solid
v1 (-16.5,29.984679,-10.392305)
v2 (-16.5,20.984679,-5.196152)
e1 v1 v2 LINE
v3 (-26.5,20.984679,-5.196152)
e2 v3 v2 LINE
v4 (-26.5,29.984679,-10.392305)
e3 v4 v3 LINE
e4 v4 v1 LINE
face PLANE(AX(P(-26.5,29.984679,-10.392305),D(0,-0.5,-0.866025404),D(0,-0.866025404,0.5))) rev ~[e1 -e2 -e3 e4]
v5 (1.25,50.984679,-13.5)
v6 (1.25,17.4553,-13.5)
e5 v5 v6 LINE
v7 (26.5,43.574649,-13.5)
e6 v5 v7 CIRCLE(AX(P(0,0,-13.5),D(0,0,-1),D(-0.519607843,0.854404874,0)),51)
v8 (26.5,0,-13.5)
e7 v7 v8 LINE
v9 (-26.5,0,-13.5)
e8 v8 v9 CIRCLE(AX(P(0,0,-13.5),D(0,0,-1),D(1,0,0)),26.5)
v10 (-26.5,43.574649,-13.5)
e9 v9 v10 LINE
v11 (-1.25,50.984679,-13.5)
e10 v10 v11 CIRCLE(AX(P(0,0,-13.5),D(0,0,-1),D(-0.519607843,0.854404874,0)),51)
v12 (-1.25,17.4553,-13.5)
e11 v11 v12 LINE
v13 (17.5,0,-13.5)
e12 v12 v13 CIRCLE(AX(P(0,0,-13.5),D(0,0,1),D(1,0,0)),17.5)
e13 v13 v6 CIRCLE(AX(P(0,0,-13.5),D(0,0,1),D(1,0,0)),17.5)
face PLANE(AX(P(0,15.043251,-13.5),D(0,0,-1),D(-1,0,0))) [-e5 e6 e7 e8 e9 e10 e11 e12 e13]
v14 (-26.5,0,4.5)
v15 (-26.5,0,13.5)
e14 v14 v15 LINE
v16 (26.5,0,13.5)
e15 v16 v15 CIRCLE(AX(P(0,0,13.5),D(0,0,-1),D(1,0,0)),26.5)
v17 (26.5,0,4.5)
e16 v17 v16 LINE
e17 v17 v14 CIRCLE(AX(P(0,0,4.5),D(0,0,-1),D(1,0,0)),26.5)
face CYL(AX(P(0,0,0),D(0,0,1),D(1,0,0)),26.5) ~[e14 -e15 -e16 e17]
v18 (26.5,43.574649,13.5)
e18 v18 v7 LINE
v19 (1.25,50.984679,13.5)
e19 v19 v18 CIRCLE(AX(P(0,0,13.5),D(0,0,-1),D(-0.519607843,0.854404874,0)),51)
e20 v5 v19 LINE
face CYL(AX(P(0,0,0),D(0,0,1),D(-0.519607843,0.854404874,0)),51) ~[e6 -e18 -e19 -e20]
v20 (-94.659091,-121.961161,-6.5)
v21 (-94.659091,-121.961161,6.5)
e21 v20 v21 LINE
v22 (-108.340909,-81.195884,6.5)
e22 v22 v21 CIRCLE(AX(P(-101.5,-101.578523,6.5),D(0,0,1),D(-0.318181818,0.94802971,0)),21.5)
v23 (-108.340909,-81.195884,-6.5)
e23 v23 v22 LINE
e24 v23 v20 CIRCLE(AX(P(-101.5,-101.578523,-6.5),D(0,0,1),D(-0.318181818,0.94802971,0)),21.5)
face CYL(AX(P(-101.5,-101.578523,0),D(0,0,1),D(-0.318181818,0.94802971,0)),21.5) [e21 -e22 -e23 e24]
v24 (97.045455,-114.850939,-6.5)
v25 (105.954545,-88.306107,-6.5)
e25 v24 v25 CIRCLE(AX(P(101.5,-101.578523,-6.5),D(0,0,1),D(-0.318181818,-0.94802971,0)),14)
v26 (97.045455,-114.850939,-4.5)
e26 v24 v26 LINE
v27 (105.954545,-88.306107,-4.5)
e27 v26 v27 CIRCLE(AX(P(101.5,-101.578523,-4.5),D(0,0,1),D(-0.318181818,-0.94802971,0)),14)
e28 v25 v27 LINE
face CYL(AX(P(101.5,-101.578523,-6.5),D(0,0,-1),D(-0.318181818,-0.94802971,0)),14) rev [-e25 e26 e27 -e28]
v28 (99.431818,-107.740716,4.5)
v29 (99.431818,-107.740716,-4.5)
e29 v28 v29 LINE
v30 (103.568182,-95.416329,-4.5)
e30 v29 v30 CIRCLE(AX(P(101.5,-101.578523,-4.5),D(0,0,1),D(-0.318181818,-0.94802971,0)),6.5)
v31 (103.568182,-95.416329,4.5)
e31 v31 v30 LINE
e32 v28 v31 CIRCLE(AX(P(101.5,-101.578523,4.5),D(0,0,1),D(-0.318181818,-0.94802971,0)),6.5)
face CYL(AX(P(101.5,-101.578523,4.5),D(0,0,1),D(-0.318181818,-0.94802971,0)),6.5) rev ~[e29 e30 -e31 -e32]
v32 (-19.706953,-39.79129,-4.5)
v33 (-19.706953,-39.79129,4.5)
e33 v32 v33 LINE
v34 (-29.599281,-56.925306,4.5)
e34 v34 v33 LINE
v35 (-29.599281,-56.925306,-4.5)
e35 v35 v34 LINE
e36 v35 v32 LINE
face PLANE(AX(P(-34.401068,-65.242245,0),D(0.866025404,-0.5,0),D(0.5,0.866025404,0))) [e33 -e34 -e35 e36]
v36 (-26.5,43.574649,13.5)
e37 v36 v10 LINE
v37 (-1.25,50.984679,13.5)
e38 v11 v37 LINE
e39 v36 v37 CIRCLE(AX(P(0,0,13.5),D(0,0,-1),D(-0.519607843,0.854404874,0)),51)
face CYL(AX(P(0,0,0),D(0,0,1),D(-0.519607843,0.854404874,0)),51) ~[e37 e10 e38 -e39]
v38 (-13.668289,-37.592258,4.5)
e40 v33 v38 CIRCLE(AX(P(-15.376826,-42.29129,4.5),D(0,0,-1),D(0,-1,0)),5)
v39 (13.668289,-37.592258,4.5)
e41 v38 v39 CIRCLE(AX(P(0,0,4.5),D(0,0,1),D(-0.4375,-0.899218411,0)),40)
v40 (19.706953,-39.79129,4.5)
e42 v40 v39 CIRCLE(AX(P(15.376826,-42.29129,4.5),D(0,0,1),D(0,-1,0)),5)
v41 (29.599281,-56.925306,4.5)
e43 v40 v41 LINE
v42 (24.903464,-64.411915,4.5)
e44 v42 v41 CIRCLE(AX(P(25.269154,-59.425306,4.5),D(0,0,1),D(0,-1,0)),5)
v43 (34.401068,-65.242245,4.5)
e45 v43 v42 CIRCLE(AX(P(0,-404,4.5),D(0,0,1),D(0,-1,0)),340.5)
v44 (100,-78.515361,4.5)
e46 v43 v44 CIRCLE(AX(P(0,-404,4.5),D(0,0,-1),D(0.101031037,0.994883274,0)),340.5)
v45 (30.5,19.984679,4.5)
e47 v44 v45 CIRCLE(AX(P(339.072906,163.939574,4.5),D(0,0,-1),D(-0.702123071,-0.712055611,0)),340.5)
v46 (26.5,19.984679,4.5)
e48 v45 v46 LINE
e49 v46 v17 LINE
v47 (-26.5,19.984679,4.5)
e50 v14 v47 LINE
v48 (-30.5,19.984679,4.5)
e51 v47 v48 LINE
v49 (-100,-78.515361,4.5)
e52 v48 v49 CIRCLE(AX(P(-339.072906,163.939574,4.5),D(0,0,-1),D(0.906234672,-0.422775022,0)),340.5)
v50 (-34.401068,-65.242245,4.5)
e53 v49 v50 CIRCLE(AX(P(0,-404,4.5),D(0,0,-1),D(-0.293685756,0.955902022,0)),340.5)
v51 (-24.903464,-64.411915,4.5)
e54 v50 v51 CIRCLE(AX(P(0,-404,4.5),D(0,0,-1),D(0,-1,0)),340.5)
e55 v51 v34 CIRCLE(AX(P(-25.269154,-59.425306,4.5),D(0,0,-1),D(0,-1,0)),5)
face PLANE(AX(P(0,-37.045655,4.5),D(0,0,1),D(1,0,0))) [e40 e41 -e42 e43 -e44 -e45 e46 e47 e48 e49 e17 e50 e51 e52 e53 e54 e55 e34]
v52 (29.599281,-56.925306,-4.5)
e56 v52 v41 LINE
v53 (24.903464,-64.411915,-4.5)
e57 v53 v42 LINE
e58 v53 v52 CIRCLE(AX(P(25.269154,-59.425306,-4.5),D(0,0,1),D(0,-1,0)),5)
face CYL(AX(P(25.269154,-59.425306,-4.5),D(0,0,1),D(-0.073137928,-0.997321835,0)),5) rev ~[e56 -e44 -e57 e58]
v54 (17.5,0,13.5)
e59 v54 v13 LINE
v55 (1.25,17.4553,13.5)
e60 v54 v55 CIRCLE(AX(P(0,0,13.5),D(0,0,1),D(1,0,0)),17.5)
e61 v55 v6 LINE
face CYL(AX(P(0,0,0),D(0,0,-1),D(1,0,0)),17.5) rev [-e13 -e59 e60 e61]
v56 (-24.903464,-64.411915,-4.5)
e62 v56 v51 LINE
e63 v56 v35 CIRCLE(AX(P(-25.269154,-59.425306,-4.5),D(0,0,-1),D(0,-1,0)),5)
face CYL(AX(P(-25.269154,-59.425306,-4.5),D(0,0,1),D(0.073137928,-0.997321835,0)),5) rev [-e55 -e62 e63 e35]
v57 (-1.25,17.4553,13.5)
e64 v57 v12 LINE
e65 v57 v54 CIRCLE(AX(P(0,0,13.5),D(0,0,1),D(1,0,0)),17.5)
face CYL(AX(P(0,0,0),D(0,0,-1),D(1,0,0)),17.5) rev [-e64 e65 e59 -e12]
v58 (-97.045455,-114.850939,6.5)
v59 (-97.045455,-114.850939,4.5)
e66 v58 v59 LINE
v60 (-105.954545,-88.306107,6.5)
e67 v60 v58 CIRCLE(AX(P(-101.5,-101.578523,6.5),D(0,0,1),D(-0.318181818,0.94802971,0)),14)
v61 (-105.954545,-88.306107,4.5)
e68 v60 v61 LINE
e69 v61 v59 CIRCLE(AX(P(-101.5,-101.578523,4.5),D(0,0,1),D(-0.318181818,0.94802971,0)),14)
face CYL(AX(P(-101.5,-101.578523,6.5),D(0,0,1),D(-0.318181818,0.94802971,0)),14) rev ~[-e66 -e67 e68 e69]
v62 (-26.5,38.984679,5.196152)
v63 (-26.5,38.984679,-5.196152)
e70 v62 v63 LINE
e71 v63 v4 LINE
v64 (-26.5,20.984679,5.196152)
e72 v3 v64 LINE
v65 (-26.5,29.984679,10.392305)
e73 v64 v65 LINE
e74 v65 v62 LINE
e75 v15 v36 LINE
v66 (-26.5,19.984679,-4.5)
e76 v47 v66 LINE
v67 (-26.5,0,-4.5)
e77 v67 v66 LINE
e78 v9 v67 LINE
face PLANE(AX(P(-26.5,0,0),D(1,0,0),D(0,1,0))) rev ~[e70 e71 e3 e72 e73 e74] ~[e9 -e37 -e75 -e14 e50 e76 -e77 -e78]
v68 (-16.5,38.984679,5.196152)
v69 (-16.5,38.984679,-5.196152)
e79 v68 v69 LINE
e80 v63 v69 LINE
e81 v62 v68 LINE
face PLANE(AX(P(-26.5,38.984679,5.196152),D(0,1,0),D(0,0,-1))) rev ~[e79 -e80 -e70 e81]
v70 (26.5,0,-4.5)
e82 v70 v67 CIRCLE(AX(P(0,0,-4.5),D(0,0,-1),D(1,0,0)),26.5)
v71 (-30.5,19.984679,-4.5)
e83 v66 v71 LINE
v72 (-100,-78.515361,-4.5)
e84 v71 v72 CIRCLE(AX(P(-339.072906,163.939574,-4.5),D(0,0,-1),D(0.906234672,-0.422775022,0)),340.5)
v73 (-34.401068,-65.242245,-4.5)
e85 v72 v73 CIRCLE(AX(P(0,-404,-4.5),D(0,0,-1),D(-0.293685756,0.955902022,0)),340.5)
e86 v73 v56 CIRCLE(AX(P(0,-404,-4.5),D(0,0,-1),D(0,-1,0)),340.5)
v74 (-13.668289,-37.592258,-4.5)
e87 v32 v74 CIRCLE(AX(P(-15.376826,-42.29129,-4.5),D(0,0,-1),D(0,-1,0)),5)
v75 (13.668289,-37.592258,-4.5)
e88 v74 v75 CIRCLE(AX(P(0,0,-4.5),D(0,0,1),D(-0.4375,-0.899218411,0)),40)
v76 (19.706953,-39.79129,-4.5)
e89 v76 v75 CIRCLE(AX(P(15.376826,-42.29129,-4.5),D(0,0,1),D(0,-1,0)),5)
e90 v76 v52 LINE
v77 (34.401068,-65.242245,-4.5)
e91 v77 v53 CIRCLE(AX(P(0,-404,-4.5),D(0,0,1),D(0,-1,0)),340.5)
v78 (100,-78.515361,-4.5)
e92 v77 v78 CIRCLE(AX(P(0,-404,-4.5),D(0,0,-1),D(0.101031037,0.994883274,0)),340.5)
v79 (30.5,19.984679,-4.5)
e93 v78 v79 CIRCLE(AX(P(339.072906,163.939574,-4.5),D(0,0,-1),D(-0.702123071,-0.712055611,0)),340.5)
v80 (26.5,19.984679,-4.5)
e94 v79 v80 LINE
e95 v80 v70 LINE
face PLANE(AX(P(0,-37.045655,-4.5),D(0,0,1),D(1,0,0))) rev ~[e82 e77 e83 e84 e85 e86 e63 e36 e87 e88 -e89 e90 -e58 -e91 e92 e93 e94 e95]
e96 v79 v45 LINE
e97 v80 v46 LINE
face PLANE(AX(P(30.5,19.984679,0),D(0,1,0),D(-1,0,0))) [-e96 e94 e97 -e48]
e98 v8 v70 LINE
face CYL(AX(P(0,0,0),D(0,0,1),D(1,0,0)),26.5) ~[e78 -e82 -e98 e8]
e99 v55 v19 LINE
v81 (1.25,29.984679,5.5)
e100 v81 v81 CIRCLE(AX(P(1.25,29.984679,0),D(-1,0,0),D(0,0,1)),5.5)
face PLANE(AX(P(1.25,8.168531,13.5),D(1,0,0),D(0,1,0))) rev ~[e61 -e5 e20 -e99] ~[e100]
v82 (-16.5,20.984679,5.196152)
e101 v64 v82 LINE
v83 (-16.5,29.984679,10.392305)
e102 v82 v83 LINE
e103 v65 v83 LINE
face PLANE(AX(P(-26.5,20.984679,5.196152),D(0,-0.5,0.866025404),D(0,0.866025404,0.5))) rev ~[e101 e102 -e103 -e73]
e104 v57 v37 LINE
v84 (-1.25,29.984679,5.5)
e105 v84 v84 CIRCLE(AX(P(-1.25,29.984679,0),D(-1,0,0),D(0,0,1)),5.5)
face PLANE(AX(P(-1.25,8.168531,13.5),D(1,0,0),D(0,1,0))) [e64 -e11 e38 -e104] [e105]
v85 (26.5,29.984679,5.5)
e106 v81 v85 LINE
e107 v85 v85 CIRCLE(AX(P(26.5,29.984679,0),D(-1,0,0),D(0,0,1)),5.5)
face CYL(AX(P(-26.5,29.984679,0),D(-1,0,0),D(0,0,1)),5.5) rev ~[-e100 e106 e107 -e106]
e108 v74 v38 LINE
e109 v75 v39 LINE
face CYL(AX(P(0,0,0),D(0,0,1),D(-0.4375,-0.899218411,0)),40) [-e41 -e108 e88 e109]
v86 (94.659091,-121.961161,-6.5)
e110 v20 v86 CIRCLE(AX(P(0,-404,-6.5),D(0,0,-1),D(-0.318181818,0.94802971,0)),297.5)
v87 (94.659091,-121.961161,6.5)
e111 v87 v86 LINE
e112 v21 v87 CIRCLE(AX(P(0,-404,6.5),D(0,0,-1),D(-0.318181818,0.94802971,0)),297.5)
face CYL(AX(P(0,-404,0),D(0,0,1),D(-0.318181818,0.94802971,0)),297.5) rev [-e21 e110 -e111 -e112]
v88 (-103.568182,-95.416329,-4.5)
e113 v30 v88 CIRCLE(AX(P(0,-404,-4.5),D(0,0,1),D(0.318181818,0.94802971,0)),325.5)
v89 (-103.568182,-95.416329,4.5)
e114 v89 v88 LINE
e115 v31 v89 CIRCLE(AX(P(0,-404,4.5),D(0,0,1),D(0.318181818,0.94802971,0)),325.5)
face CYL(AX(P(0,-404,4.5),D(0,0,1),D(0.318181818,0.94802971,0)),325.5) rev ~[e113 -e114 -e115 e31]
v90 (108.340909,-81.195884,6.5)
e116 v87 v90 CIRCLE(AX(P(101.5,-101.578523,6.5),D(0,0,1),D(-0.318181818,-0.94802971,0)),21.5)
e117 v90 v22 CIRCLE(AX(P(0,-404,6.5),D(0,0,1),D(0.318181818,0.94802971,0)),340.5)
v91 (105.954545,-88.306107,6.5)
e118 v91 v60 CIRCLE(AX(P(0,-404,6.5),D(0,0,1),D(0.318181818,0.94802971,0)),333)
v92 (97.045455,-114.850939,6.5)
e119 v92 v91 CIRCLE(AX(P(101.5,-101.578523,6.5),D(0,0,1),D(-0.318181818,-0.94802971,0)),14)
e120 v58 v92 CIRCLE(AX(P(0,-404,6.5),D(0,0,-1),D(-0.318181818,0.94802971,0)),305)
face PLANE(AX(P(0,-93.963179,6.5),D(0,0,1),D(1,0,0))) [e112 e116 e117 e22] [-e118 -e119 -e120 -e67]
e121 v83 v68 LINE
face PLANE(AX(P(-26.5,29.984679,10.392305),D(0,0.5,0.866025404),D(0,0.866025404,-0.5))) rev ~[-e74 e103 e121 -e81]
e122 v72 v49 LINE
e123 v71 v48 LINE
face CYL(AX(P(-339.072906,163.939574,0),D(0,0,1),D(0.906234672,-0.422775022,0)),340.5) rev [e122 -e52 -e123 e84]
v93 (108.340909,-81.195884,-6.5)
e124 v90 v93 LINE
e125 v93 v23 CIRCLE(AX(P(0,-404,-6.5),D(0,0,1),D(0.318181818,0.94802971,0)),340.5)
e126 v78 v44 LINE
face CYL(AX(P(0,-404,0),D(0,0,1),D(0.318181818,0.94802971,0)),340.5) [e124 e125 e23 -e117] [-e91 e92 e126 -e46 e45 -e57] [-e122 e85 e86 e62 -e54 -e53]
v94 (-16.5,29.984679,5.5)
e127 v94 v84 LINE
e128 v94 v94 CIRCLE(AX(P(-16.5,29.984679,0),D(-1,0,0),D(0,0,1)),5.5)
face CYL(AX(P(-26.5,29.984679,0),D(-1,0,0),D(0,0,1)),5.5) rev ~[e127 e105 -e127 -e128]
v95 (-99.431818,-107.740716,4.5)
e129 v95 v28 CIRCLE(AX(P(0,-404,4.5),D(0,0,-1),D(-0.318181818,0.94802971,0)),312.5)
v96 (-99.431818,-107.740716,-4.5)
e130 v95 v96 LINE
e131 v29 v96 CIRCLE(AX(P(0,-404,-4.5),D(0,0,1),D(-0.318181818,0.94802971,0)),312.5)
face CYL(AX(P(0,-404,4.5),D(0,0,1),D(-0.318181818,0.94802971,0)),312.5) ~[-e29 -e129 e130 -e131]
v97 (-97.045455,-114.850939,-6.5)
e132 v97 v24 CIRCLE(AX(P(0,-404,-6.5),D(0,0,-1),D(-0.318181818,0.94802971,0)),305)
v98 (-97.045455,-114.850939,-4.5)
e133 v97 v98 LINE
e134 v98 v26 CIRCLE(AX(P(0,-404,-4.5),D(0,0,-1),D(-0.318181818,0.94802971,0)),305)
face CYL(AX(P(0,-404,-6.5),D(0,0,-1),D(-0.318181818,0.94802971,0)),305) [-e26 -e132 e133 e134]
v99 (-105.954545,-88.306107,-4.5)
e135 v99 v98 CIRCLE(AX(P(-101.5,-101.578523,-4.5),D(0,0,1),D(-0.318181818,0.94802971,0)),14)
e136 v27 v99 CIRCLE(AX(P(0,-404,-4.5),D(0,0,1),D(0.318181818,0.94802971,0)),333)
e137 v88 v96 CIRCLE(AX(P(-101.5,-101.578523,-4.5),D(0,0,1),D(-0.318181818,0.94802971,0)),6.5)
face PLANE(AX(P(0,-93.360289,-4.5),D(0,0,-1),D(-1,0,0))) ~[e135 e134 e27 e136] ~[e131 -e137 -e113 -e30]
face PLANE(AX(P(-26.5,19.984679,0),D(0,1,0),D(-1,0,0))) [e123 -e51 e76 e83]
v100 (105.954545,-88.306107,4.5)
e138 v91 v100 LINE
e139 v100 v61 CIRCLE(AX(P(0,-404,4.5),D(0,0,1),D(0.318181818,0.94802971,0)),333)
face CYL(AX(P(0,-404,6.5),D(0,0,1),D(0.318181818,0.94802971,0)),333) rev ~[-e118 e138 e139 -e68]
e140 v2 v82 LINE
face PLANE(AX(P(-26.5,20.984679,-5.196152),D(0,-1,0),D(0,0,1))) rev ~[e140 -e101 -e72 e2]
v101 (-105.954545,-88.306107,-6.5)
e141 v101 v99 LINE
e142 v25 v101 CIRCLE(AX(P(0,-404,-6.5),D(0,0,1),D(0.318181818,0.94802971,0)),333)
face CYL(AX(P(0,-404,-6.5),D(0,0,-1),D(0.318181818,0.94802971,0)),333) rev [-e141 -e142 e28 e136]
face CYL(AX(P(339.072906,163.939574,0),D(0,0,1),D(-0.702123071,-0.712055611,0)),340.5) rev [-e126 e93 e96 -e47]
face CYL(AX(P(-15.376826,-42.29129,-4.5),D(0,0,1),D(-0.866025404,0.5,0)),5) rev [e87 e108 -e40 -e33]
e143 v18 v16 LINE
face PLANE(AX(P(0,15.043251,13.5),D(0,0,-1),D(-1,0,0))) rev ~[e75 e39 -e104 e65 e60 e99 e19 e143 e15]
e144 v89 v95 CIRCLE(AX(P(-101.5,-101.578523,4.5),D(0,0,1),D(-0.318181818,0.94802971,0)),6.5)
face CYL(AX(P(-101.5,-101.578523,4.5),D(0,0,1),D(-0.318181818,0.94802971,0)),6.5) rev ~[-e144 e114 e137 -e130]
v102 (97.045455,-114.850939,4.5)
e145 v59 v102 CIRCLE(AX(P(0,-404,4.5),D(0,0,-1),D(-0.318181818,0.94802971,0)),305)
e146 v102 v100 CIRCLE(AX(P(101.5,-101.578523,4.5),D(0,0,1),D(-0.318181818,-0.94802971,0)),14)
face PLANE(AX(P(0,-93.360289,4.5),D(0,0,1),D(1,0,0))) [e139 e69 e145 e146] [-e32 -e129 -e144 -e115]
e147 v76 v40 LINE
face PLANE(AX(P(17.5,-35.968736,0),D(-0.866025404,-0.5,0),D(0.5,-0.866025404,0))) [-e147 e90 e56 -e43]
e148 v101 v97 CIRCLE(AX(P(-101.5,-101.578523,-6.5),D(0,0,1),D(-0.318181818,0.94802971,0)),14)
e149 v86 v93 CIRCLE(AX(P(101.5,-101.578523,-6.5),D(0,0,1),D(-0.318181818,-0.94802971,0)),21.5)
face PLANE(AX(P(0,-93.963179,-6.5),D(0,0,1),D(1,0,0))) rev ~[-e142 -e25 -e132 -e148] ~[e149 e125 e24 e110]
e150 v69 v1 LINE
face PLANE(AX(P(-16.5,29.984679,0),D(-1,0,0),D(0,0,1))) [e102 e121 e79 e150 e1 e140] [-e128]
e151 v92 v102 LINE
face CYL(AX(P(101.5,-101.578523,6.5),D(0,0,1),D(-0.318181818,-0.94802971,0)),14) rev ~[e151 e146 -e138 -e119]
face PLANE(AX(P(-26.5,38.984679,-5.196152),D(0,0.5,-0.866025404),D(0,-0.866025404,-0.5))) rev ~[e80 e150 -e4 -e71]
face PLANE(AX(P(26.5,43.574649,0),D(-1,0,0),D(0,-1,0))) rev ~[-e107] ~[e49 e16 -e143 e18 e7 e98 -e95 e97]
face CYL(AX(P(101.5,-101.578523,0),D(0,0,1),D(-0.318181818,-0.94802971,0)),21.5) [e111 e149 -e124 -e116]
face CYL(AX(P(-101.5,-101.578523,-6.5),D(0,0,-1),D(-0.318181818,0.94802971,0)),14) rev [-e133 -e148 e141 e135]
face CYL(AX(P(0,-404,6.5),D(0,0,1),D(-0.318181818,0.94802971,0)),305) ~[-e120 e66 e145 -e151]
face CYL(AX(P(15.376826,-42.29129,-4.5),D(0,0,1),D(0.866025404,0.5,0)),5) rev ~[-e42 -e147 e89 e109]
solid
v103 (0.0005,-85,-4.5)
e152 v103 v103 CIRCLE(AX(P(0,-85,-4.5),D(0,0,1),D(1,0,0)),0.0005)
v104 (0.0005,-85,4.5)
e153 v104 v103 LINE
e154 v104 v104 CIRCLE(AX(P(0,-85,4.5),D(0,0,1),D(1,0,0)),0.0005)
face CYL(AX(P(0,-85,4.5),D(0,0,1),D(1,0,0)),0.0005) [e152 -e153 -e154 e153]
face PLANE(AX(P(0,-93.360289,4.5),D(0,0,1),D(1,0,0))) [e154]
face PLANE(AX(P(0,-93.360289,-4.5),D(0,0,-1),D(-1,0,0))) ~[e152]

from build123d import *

# Parameters (mm, degrees)
SKETCH_1_R          = 17.5
EXTRUDE_1_DEPTH     = 13.5
SKETCH_2_W          = 2.5
SKETCH_2_H          = 56.398475778
CUT_EXTRUDE_1_DEPTH = 64.5
SKETCH_3_R          = 5.5
CUT_EXTRUDE_2_DEPTH = 75.770900088
EXTRUDE_2_DEPTH     = 6.5
CUT_EXTRUDE_3_DEPTH = 2
SKETCH_6_R          = 0.0005
CUT_EXTRUDE_4_DEPTH = 175.932337555
EXTRUDE_3_DEPTH     = 4.5
FILLET_1_R          = 5
CUT_EXTRUDE_5_DEPTH = 10


with BuildPart() as part:
    # 草图1 → 凸台-拉伸1 (new, symmetric)
    with BuildSketch(Plane.XY):
        with BuildLine():
            Line((-26.5, 0), (-26.5, 43.574648593))
            ThreePointArc((-26.5, 43.574648593), (0, 51), (26.5, 43.574648593))
            Line((26.5, 43.574648593), (26.5, 0))
            ThreePointArc((26.5, 0), (0, -26.5), (-26.5, 0))
        make_face()
        Circle(SKETCH_1_R, mode=Mode.SUBTRACT)
    extrude(amount=EXTRUDE_1_DEPTH, both=True)

    # 草图2 → 切除-拉伸1 (cut, through all)
    with BuildSketch(Plane.XY.offset(13.5)):
        with Locations((0, 36.367769247)):
            Rectangle(SKETCH_2_W, SKETCH_2_H)
    extrude(amount=-CUT_EXTRUDE_1_DEPTH, mode=Mode.SUBTRACT)

    # 草图3 → 切除-拉伸2 (cut, through all)
    with BuildSketch(Plane.ZY.offset(26.5)):
        with Locations((0, 29.984679071)):
            Circle(SKETCH_3_R)
    extrude(amount=-CUT_EXTRUDE_2_DEPTH, mode=Mode.SUBTRACT)



with BuildPart() as body_2:
    # 草图4 → 凸台-拉伸2 (new, symmetric)
    with BuildSketch(Plane.XY):
        with BuildLine():
            ThreePointArc((108.340909091, -81.195883828), (0, -63.5), (-108.340909091, -81.195883828))
            ThreePointArc((-108.340909091, -81.195883828), (-121.88263876, -108.419431679), (-94.659090909, -121.961161348))
            ThreePointArc((-94.659090909, -121.961161348), (0, -106.5), (94.659090909, -121.961161348))
            ThreePointArc((94.659090909, -121.961161348), (121.88263876, -108.419431679), (108.340909091, -81.195883828))
        make_face()
    extrude(amount=EXTRUDE_2_DEPTH, both=True)

    # 草图5 → 切除-拉伸3 (cut)
    with BuildSketch(Plane.XY.offset(6.5)):
        with BuildLine():
            ThreePointArc((105.954545455, -88.306106652), (0, -71), (-105.954545455, -88.306106652))
            ThreePointArc((-105.954545455, -88.306106652), (-114.772415937, -106.033068043), (-97.045454545, -114.850938525))
            ThreePointArc((-97.045454545, -114.850938525), (0, -99), (97.045454545, -114.850938525))
            ThreePointArc((97.045454545, -114.850938525), (114.772415937, -106.033068043), (105.954545455, -88.306106652))
        make_face()
    cut_extrude_3 = extrude(amount=-CUT_EXTRUDE_3_DEPTH, mode=Mode.SUBTRACT)

    # 镜向1: 切除-拉伸3 across plane
    add(cut_extrude_3.mirror(Plane.XY), mode=Mode.SUBTRACT)

    # 草图6 → 切除-拉伸4 (cut, through all)
    with BuildSketch(Plane.XY.offset(4.5)):
        with BuildLine():
            ThreePointArc((103.568181818, -95.416329475), (0, -78.5), (-103.568181818, -95.416329475))
            ThreePointArc((-103.568181818, -95.416329475), (-107.662193113, -103.646704406), (-99.431818182, -107.740715702))
            ThreePointArc((-99.431818182, -107.740715702), (0, -91.5), (99.431818182, -107.740715702))
            ThreePointArc((99.431818182, -107.740715702), (107.662193113, -103.646704406), (103.568181818, -95.416329475))
        make_face()
        with Locations((0, -85)):
            Circle(SKETCH_6_R, mode=Mode.SUBTRACT)
    extrude(amount=-CUT_EXTRUDE_4_DEPTH, mode=Mode.SUBTRACT)


with BuildPart() as cut_extrude_4_piece_1:
    # of the separate pieces the step leaves, piece 1, a body of its own (cut_extrude_4_pieces)
    add(body_2.part.solids().sort_by_distance((94.659090909, -121.961161348, -6.5))[0])


with BuildPart() as cut_extrude_4_piece_2:
    # of the separate pieces the step leaves, piece 2, a body of its own (cut_extrude_4_pieces)
    add(body_2.part.solids().sort_by_distance((0.0005, -85, -4.5))[0])


with BuildPart() as part_1:
    add(part.part)

    add(cut_extrude_4_piece_1.part)  # 凸台-拉伸3 merges 切除-拉伸4 piece 1
    # 草图7 → 凸台-拉伸3 (add, symmetric)
    with BuildSketch(Plane.XY):
        with BuildLine():
            Line((-26.5, 19.984679071), (-30.5, 19.984679071))
            ThreePointArc((-30.5, 19.984679071), (-60.856176916, -32.365550062), (-100, -78.515361346))
            ThreePointArc((-100, -78.515361346), (-67.527443909, -70.26313611), (-34.401068107, -65.242245088))
            Line((-34.401068107, -65.242245088), (-17.5, -35.968736425))
            ThreePointArc((-17.5, -35.968736425), (0, -40), (17.5, -35.968736425))
            Line((17.5, -35.968736425), (34.401068107, -65.242245088))
            ThreePointArc((34.401068107, -65.242245088), (67.527443909, -70.26313611), (100, -78.515361346))
            ThreePointArc((100, -78.515361346), (60.856176916, -32.365550062), (30.5, 19.984679071))
            Line((30.5, 19.984679071), (26.5, 19.984679071))
            Line((26.5, 19.984679071), (26.5, 0))
            ThreePointArc((26.5, 0), (0, -26.5), (-26.5, 0))
            Line((-26.5, 0), (-26.5, 19.984679071))
        make_face()
    extrude(amount=EXTRUDE_3_DEPTH, both=True)

    # 圆角1
    fillet_1_edges = [part_1.edges().sort_by_distance(p)[0] for p in [
        (-34.401068107, -65.242245088, 0),
        (-17.5, -35.968736425, 0),
        (17.5, -35.968736425, 0),
        (34.401068107, -65.242245088, 0),
    ]]
    fillet(fillet_1_edges, radius=FILLET_1_R)

    # 草图8 → 切除-拉伸5 (cut)
    with BuildSketch(Plane.ZY.offset(26.5)):
        Polygon((5.196152423, 38.984679071), (-5.196152423, 38.984679071), (-10.392304845, 29.984679071), (-5.196152423, 20.984679071), (5.196152423, 20.984679071), (10.392304845, 29.984679071), align=None)
    extrude(amount=-CUT_EXTRUDE_5_DEPTH, mode=Mode.SUBTRACT)


solid = Compound([cut_extrude_4_piece_2.part, part_1.part])
